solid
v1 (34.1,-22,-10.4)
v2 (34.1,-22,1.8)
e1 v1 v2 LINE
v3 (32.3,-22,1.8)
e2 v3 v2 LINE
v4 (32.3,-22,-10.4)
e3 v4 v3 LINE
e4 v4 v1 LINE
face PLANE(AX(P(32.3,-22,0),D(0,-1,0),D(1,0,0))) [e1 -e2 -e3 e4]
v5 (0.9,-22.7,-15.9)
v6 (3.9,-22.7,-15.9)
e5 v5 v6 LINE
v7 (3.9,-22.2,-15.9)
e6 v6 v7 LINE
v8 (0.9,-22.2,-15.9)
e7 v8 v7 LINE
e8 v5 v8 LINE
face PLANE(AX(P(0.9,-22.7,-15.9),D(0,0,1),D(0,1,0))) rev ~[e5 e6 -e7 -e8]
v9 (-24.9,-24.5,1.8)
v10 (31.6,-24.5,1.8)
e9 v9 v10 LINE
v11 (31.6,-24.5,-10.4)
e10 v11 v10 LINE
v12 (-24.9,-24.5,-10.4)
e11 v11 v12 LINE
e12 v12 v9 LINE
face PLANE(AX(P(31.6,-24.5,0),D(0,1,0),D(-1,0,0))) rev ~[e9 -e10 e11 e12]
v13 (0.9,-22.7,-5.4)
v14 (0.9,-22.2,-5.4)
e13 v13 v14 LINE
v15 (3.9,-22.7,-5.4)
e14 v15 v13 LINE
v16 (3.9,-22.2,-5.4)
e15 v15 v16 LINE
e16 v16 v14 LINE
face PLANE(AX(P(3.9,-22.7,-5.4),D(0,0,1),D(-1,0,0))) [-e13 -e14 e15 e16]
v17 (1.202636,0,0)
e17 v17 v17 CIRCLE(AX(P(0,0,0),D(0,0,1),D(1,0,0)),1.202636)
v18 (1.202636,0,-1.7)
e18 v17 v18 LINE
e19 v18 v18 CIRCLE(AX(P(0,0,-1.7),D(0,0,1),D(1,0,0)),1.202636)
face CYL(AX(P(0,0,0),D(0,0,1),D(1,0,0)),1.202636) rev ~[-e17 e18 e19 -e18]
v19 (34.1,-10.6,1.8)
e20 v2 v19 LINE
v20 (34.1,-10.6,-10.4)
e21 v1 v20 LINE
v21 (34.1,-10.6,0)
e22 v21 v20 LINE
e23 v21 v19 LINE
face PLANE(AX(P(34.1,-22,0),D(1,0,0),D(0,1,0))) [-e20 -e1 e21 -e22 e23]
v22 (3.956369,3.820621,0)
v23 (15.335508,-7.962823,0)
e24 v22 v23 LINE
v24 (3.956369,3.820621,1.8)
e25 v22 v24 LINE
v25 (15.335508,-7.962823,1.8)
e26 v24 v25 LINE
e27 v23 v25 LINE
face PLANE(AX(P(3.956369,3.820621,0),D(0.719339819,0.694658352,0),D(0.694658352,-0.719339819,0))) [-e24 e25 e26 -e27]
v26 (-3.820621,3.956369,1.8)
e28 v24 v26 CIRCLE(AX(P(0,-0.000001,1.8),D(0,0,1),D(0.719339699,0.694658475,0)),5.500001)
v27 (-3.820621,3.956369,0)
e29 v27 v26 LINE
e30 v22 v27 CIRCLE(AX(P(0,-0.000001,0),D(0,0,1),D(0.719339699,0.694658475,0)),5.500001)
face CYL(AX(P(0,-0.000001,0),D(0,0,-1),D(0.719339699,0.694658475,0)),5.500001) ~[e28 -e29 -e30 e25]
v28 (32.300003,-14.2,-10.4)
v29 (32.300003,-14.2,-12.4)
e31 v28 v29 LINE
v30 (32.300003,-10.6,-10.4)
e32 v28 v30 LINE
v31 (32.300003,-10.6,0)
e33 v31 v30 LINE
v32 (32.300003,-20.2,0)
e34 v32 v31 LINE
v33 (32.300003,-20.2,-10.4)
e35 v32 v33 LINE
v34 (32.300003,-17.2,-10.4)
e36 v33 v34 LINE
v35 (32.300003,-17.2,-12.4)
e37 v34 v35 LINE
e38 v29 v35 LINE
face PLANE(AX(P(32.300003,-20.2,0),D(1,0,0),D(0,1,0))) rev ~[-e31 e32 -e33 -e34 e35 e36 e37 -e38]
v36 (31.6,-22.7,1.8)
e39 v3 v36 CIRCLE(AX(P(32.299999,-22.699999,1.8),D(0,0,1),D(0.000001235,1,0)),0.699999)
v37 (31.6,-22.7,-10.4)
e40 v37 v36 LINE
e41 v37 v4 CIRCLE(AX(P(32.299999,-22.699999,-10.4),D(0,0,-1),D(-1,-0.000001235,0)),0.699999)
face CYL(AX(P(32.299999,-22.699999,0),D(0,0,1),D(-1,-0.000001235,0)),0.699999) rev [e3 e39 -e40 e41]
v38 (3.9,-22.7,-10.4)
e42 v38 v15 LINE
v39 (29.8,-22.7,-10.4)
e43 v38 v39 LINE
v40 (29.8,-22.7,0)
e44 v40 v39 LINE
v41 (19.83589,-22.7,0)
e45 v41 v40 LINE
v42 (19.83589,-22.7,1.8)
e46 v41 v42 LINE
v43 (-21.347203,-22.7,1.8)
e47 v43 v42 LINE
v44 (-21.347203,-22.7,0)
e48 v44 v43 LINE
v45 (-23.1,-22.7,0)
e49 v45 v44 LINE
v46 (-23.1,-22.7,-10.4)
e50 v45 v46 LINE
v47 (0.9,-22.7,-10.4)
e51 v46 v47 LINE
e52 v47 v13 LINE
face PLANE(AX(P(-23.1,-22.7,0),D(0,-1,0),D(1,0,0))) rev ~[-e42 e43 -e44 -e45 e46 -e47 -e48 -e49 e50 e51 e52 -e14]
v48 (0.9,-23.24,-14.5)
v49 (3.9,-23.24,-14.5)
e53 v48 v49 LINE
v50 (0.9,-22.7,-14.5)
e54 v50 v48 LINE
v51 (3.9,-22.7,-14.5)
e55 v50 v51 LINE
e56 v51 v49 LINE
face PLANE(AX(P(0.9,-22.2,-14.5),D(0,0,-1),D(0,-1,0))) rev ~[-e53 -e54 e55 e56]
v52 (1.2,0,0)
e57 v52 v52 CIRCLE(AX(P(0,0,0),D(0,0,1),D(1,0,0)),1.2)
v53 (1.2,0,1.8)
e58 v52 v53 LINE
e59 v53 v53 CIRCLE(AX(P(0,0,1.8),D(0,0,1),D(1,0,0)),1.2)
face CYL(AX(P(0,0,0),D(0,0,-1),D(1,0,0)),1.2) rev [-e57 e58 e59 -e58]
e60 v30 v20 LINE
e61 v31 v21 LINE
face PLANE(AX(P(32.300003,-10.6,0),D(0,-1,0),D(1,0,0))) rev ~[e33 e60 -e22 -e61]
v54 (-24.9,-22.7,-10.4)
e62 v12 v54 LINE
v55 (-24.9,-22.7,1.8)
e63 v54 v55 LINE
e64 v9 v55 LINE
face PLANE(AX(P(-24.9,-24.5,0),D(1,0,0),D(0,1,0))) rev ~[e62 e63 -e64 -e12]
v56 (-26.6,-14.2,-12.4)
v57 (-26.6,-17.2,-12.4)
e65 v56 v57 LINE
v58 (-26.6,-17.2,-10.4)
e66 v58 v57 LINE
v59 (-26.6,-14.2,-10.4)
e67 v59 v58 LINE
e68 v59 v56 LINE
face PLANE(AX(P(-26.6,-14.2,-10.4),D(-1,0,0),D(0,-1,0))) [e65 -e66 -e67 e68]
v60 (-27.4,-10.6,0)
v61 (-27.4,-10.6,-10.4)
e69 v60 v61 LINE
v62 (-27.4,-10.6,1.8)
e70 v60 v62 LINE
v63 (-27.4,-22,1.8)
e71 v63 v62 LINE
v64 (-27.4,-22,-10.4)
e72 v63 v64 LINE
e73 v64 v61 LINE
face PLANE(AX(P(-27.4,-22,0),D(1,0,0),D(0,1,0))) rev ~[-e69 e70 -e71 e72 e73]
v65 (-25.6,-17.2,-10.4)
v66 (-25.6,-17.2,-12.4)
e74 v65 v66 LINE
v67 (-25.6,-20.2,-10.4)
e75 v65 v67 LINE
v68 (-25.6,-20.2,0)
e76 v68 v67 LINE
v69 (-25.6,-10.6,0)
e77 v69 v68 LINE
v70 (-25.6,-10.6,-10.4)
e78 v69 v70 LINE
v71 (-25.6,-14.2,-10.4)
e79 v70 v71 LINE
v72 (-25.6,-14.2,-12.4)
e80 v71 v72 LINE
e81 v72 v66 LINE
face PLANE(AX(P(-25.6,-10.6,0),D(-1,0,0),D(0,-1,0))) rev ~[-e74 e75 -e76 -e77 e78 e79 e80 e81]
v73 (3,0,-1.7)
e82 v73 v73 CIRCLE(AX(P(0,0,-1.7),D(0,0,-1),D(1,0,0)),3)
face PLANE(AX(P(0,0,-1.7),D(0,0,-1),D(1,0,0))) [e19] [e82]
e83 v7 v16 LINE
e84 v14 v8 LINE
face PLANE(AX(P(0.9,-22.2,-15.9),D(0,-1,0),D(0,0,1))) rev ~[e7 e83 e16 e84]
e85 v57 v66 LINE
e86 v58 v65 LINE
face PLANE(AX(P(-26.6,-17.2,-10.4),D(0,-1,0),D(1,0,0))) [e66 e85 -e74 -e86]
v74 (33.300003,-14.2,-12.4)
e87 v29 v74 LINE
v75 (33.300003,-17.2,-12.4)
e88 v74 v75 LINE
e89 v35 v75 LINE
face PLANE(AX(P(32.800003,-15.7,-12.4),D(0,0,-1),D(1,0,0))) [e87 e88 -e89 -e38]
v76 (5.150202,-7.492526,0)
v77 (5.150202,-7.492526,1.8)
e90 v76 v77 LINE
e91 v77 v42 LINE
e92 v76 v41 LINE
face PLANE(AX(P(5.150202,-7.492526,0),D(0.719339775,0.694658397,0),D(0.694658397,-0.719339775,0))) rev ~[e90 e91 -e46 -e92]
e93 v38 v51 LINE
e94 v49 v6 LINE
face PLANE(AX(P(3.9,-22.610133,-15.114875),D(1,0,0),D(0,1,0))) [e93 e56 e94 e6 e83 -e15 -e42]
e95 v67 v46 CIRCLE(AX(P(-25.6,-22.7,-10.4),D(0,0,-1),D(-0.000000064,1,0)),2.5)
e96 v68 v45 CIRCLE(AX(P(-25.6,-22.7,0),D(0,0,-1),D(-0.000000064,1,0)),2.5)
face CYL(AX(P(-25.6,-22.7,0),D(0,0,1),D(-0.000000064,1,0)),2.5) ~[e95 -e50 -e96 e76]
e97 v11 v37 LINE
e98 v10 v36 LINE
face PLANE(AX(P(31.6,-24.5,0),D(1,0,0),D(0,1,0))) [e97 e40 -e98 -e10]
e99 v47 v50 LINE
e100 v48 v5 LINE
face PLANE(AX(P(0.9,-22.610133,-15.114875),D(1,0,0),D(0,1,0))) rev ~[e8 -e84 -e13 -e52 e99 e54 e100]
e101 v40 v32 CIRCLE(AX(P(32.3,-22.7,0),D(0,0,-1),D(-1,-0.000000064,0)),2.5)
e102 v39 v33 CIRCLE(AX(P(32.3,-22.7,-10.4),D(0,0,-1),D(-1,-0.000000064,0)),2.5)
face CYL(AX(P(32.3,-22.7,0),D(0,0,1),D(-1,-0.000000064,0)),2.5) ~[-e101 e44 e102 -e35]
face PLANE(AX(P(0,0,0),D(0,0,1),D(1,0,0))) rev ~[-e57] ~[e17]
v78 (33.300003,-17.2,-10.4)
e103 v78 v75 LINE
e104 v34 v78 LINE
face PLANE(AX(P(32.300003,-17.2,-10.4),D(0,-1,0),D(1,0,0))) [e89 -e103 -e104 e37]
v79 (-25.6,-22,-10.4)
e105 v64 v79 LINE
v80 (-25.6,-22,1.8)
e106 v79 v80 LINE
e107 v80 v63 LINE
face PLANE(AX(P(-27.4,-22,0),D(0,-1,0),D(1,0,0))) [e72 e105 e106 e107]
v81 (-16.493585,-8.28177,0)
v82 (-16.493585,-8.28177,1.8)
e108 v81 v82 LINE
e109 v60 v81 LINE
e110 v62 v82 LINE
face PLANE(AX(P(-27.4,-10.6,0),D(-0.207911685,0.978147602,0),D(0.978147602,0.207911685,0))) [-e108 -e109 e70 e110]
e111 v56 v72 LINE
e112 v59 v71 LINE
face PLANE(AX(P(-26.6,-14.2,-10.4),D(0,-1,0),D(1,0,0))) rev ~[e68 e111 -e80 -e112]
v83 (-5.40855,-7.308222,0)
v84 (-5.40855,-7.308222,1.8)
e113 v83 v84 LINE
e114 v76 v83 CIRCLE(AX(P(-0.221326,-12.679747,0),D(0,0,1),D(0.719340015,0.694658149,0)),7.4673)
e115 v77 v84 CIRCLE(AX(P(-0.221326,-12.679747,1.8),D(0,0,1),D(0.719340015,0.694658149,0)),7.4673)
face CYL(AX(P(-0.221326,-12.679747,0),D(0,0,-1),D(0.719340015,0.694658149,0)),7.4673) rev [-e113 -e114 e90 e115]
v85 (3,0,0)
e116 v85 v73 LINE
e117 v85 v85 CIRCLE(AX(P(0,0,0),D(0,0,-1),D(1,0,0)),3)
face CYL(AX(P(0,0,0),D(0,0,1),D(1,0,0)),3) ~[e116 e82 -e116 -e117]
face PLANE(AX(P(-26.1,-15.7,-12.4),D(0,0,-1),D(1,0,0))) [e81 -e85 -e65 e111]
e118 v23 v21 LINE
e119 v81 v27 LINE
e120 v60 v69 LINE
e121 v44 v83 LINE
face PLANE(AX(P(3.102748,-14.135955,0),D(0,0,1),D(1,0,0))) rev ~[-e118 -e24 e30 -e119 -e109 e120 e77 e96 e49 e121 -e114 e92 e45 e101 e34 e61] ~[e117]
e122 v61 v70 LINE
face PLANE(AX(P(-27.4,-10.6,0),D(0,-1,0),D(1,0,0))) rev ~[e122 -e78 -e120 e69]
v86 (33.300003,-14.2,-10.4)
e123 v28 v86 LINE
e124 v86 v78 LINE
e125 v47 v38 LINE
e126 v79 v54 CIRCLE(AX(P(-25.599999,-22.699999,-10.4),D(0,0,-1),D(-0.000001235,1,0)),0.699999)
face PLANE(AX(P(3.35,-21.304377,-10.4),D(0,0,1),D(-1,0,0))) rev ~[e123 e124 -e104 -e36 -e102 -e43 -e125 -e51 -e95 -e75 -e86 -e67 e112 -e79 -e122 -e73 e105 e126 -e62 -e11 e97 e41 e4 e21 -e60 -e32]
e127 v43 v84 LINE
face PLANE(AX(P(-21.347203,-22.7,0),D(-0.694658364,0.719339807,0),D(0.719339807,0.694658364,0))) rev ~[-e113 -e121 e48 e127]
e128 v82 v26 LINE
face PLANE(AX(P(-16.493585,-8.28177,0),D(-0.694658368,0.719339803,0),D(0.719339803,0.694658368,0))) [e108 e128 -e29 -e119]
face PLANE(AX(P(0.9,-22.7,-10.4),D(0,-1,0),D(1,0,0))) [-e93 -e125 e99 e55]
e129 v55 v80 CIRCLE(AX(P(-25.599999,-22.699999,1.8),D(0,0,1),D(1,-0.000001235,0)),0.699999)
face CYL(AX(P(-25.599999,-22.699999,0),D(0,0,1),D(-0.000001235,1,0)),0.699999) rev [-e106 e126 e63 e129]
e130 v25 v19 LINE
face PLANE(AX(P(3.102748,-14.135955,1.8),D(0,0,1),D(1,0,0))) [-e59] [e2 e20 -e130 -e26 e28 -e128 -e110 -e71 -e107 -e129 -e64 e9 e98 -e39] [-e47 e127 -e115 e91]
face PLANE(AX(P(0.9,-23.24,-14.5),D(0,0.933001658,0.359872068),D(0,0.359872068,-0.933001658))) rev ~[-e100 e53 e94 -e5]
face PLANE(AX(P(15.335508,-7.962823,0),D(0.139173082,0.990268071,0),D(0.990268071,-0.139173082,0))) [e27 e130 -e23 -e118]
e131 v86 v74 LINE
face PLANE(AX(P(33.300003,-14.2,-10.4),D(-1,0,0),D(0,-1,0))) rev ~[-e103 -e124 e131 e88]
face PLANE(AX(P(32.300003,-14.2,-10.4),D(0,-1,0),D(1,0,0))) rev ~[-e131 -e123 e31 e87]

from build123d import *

# Parameters (mm, degrees)
SKETCH_R     = 1.2
PAD_DEPTH    = 1.8
PAD001_DEPTH = 10.4
SKETCH002_W  = 3
SKETCH002_H  = 5
PAD002_DEPTH = 0.5
SKETCH003_W  = 3
SKETCH003_H  = 0.5
PAD003_DEPTH = 4.1
PAD004_DEPTH = 3
SKETCH006_W  = 1
SKETCH006_H  = 3
PAD005_DEPTH = 2
SKETCH007_R  = 3
PAD006_DEPTH = 1.7
SKETCH008_R  = 1.202636
POCKET_DEPTH = 15.901


with BuildPart() as part:
    # Sketch → Pad (new body)
    with BuildSketch(Plane.XY):
        with BuildLine():
            Line((-24.9, -24.5), (31.6, -24.5))
            Line((31.6, -24.5), (31.6, -22.7))
            ThreePointArc((32.3, -22), (31.805025, -22.205025), (31.6, -22.7))
            Line((32.3, -22), (34.1, -22))
            Line((34.1, -22), (34.1, -10.6))
            Line((15.335508, -7.962823), (34.1, -10.6))
            Line((3.956369, 3.820621), (15.335508, -7.962823))
            ThreePointArc((3.956369, 3.820621), (0.095988, 5.499162), (-3.820621, 3.956369))
            Line((-16.493585, -8.28177), (-3.820621, 3.956369))
            Line((-27.4, -10.6), (-16.493585, -8.28177))
            Line((-27.4, -22), (-27.4, -10.6))
            Line((-25.6, -22), (-27.4, -22))
            ThreePointArc((-24.9, -22.7), (-25.105025, -22.205025), (-25.6, -22))
            Line((-24.9, -24.5), (-24.9, -22.7))
        make_face()
        Circle(SKETCH_R, mode=Mode.SUBTRACT)
        with BuildLine():
            Line((-21.347203, -22.7), (19.83589, -22.7))
            Line((5.150202, -7.492526), (19.83589, -22.7))
            ThreePointArc((5.150202, -7.492526), (-0.091003, -5.213584), (-5.40855, -7.308222))
            Line((-21.347203, -22.7), (-5.40855, -7.308222))
        make_face(mode=Mode.SUBTRACT)
    extrude(amount=PAD_DEPTH)

    # Sketch001 → Pad001 (new body)
    with BuildSketch(Plane(origin=(0, 0, 0), x_dir=(1, 0, 0), z_dir=(0, 0, -1))):
        with BuildLine():
            Line((-27.4, 22), (-25.6, 22))
            ThreePointArc((-25.6, 22), (-25.105025, 22.205025), (-24.9, 22.7))
            Line((-24.9, 24.5), (-24.9, 22.7))
            Line((31.6, 24.5), (-24.9, 24.5))
            Line((31.6, 24.5), (31.6, 22.7))
            ThreePointArc((31.6, 22.7), (31.805025, 22.205025), (32.3, 22))
            Line((32.3, 22), (34.1, 22))
            Line((34.1, 22), (34.1, 10.6))
            Line((32.300003, 10.6), (34.1, 10.6))
            Line((32.300003, 20.2), (32.300003, 10.6))
            ThreePointArc((29.8, 22.7), (30.532234, 20.932232), (32.300003, 20.2))
            Line((-23.1, 22.7), (29.8, 22.7))
            ThreePointArc((-25.6, 20.2), (-23.832233, 20.932233), (-23.1, 22.7))
            Line((-25.6, 10.6), (-25.6, 20.2))
            Line((-27.4, 10.6), (-25.6, 10.6))
            Line((-27.4, 22), (-27.4, 10.6))
        make_face()
    extrude(amount=PAD001_DEPTH)

    # Sketch002 → Pad002 (new body)
    with BuildSketch(Plane(origin=(0, -22.7, 0), x_dir=(-1, 0, 0), z_dir=(0, 1, 0))):
        with Locations((-2.4, -7.9)):
            Rectangle(SKETCH002_W, SKETCH002_H)
    extrude(amount=PAD002_DEPTH)

    # Sketch003 → Pad003 (new body)
    with BuildSketch(Plane(origin=(0, 0, -10.4), x_dir=(1, 0, 0), z_dir=(0, 0, -1))):
        with Locations((2.4, 22.45)):
            Rectangle(SKETCH003_W, SKETCH003_H)
    extrude(amount=PAD003_DEPTH)

    # Sketch005 → Pad004 (new body)
    with BuildSketch(Plane(origin=(0.9, 0, 0), x_dir=(0, -1, 0), z_dir=(-1, 0, 0))):
        Polygon((22.2, -14.5), (23.24, -14.5), (22.7, -15.9), (22.2, -15.9), align=None)
    extrude(amount=-PAD004_DEPTH)

    # Sketch006 → Pad005 (new body)
    with BuildSketch(Plane(origin=(0, 0, -10.4), x_dir=(1, 0, 0), z_dir=(0, 0, -1))):
        with Locations((-26.1, 15.7)):
            Rectangle(SKETCH006_W, SKETCH006_H)
        with Locations((32.800003, 15.7)):
            Rectangle(SKETCH006_W, SKETCH006_H)
    extrude(amount=PAD005_DEPTH)

    # Sketch007 → Pad006 (new body)
    with BuildSketch(Plane(origin=(0, 0, 0), x_dir=(1, 0, 0), z_dir=(0, 0, -1))):
        Circle(SKETCH007_R)
    extrude(amount=PAD006_DEPTH)

    # Sketch008 → Pocket (cut, through all)
    with BuildSketch(Plane.XY):
        Circle(SKETCH008_R)
    extrude(amount=-POCKET_DEPTH, mode=Mode.SUBTRACT)


solid = part.part
